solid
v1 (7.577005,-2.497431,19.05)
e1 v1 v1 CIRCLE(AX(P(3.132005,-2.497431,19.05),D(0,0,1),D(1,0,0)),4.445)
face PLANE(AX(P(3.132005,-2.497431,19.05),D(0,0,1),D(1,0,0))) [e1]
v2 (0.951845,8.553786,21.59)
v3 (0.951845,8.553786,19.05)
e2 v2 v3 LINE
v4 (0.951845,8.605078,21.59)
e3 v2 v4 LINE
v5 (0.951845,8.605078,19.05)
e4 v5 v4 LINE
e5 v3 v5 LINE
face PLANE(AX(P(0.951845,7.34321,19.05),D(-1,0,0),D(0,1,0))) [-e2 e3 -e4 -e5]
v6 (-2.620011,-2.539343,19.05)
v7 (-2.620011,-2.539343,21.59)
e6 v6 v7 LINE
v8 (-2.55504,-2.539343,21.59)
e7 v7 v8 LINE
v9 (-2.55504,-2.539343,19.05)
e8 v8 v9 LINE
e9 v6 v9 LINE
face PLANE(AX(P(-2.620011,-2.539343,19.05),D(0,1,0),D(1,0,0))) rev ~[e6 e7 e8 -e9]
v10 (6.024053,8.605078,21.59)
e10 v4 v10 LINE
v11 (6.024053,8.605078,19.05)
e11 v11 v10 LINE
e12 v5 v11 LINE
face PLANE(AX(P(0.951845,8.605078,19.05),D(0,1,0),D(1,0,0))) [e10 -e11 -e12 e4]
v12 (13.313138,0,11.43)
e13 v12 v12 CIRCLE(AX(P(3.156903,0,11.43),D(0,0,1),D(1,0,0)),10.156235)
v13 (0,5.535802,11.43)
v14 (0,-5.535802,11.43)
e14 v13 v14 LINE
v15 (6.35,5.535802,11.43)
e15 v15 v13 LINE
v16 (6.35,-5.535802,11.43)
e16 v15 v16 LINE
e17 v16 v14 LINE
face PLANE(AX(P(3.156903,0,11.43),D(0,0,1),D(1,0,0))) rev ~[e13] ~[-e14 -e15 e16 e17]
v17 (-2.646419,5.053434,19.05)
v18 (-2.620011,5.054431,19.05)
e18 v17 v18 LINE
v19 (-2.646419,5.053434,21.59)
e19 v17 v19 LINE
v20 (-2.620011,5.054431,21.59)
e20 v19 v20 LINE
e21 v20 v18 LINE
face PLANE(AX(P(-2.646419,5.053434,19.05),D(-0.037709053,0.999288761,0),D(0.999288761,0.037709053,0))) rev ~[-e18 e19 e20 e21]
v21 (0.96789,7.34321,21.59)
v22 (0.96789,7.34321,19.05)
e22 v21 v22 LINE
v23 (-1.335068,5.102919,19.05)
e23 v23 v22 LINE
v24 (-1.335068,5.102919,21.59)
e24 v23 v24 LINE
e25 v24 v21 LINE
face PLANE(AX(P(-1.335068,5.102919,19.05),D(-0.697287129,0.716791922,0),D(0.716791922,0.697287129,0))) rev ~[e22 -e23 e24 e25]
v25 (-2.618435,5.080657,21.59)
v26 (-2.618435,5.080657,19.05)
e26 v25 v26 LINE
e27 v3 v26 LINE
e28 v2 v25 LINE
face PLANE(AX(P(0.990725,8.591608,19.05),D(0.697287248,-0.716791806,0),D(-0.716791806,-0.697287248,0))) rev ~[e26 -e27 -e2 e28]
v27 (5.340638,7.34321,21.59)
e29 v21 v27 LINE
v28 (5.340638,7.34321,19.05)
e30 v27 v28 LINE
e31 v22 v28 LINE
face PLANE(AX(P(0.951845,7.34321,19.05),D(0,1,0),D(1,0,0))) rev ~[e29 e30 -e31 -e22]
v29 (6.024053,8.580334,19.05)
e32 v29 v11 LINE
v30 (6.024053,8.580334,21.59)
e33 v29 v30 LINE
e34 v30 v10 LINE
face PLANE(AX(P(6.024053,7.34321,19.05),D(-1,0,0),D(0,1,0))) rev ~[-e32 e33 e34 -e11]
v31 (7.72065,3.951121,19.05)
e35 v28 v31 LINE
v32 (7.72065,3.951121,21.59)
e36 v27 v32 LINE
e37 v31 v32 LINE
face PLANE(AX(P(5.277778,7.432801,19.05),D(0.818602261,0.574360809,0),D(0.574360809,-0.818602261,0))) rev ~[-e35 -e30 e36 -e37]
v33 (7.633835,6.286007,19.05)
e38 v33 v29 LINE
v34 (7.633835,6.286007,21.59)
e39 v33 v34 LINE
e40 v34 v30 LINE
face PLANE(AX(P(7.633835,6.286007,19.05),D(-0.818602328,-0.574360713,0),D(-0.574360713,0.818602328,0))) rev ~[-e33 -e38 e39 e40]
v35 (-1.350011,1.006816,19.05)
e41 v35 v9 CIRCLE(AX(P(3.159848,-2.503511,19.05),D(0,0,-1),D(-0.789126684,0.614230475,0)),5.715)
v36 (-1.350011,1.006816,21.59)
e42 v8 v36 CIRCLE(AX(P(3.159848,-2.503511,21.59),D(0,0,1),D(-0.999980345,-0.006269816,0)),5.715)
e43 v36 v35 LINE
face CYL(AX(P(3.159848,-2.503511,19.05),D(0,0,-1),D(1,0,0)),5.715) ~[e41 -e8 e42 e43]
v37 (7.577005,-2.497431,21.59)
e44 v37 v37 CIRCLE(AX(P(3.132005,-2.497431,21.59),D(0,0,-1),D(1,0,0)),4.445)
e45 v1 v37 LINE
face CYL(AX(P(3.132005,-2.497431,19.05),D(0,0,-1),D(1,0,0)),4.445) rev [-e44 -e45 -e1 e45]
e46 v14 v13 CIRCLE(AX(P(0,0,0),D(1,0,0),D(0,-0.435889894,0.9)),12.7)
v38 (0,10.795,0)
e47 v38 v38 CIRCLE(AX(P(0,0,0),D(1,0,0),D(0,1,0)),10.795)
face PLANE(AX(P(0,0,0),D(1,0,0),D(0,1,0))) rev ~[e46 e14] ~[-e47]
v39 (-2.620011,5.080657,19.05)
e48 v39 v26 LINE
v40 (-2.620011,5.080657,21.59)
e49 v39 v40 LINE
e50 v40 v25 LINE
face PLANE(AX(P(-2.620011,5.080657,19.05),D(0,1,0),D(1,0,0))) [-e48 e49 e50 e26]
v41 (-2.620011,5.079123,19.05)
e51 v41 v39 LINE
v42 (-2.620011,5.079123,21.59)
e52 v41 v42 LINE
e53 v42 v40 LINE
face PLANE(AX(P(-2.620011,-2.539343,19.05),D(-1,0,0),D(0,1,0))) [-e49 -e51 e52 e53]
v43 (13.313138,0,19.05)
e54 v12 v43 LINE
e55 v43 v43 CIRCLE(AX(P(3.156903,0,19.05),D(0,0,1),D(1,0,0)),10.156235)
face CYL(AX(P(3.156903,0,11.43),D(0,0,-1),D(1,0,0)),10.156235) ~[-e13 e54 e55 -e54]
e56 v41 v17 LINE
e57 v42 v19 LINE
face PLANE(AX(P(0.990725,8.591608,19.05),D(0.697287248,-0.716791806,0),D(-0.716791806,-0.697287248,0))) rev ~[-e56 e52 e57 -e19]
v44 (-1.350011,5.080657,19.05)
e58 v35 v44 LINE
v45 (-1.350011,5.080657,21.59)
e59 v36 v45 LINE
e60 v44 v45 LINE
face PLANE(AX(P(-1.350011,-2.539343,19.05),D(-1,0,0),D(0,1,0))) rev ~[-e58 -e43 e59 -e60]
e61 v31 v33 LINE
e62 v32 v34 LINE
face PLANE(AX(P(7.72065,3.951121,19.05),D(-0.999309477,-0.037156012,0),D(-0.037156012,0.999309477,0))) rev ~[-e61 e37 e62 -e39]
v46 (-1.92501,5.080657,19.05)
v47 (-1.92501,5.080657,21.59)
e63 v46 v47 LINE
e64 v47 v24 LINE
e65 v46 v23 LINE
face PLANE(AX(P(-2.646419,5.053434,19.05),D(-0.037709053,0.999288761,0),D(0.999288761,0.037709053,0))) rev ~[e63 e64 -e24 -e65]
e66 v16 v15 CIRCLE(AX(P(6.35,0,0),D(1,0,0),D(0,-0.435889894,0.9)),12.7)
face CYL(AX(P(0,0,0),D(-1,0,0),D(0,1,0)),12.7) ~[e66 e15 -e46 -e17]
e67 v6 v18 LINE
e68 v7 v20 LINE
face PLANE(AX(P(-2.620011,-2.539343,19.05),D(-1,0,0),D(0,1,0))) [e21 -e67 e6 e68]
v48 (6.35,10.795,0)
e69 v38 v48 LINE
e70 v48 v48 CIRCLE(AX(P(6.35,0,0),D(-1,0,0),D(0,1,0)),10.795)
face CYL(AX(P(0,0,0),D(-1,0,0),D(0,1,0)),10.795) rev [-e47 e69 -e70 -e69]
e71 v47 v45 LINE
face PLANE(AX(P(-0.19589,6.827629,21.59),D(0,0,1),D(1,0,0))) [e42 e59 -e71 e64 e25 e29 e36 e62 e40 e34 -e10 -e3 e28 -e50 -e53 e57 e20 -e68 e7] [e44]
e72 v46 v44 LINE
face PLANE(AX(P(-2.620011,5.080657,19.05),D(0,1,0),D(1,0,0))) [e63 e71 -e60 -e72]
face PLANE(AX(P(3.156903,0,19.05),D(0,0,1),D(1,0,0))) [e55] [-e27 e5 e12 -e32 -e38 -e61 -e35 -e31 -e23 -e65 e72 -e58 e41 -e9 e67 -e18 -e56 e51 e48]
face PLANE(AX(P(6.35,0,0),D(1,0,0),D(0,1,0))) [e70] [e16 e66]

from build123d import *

# Parameters (mm, degrees)
F0_R      = 12.7
F1_DEPTH  = 6.35
F2_R      = 10.795
F3_DEPTH  = 55.83853
F6_R      = 10.156235
F7_DEPTH  = 7.62
F9_R      = 5.715
F10_DEPTH = 2.54
F11_R     = 4.445
F12_DEPTH = 25.4
F13_W     = 1.27
F13_H     = 7.62
F14_DEPTH = 2.54
F16_DEPTH = 2.54
F17_W     = 5.072208
F17_H     = 1.261867
F18_DEPTH = 2.54
F20_DEPTH = 2.54


with BuildPart() as f1:
    # F0 (on Right) → F1 (new body)
    with BuildSketch(Plane.YZ):
        Circle(F0_R)
    extrude(amount=F1_DEPTH)

    # F2 (on Right) → F3 (cut)
    with BuildSketch(Plane.YZ):
        Circle(F2_R)
    extrude(amount=F3_DEPTH, mode=Mode.SUBTRACT)

    # F6 (on offset) → F7 (join)
    with BuildSketch(Plane.XY.offset(11.43)):
        with Locations((3.156903, 0)):
            Circle(F6_R)
    extrude(amount=F7_DEPTH)

    # F9 (on offset) → F10 (join)
    with BuildSketch(Plane.XY.offset(19.05)):
        with Locations((3.159848, -2.503511)):
            Circle(F9_R)
    extrude(amount=F10_DEPTH)

    # F11 (on offset) → F12 (cut)
    with BuildSketch(Plane.XY.offset(19.05)):
        with Locations((3.132005, -2.497431)):
            Circle(F11_R)
    extrude(amount=F12_DEPTH, mode=Mode.SUBTRACT)

    # F13 (on offset) → F14 (join)
    with BuildSketch(Plane.XY.offset(19.05)):
        with Locations((-1.985011, 1.270657)):
            Rectangle(F13_W, F13_H)
    extrude(amount=F14_DEPTH)

    # F15 (on offset) → F16 (join)
    with BuildSketch(Plane.XY.offset(19.05)):
        Polygon((0.990725, 8.591608), (-2.646419, 5.053434), (-1.335068, 5.102919), (2.251208, 8.591608), align=None)
    extrude(amount=F16_DEPTH)

    # F17 (on offset) → F18 (join)
    with BuildSketch(Plane.XY.offset(19.05)):
        with Locations((3.487949, 7.974144)):
            Rectangle(F17_W, F17_H)
    extrude(amount=F18_DEPTH)

    # F19 (on offset) → F20 (join)
    with BuildSketch(Plane.XY.offset(19.05)):
        Polygon((6.024053, 8.580334), (5.277778, 7.432801), (7.72065, 3.951121), (7.633835, 6.286007), align=None)
    extrude(amount=F20_DEPTH)


solid = f1.part
